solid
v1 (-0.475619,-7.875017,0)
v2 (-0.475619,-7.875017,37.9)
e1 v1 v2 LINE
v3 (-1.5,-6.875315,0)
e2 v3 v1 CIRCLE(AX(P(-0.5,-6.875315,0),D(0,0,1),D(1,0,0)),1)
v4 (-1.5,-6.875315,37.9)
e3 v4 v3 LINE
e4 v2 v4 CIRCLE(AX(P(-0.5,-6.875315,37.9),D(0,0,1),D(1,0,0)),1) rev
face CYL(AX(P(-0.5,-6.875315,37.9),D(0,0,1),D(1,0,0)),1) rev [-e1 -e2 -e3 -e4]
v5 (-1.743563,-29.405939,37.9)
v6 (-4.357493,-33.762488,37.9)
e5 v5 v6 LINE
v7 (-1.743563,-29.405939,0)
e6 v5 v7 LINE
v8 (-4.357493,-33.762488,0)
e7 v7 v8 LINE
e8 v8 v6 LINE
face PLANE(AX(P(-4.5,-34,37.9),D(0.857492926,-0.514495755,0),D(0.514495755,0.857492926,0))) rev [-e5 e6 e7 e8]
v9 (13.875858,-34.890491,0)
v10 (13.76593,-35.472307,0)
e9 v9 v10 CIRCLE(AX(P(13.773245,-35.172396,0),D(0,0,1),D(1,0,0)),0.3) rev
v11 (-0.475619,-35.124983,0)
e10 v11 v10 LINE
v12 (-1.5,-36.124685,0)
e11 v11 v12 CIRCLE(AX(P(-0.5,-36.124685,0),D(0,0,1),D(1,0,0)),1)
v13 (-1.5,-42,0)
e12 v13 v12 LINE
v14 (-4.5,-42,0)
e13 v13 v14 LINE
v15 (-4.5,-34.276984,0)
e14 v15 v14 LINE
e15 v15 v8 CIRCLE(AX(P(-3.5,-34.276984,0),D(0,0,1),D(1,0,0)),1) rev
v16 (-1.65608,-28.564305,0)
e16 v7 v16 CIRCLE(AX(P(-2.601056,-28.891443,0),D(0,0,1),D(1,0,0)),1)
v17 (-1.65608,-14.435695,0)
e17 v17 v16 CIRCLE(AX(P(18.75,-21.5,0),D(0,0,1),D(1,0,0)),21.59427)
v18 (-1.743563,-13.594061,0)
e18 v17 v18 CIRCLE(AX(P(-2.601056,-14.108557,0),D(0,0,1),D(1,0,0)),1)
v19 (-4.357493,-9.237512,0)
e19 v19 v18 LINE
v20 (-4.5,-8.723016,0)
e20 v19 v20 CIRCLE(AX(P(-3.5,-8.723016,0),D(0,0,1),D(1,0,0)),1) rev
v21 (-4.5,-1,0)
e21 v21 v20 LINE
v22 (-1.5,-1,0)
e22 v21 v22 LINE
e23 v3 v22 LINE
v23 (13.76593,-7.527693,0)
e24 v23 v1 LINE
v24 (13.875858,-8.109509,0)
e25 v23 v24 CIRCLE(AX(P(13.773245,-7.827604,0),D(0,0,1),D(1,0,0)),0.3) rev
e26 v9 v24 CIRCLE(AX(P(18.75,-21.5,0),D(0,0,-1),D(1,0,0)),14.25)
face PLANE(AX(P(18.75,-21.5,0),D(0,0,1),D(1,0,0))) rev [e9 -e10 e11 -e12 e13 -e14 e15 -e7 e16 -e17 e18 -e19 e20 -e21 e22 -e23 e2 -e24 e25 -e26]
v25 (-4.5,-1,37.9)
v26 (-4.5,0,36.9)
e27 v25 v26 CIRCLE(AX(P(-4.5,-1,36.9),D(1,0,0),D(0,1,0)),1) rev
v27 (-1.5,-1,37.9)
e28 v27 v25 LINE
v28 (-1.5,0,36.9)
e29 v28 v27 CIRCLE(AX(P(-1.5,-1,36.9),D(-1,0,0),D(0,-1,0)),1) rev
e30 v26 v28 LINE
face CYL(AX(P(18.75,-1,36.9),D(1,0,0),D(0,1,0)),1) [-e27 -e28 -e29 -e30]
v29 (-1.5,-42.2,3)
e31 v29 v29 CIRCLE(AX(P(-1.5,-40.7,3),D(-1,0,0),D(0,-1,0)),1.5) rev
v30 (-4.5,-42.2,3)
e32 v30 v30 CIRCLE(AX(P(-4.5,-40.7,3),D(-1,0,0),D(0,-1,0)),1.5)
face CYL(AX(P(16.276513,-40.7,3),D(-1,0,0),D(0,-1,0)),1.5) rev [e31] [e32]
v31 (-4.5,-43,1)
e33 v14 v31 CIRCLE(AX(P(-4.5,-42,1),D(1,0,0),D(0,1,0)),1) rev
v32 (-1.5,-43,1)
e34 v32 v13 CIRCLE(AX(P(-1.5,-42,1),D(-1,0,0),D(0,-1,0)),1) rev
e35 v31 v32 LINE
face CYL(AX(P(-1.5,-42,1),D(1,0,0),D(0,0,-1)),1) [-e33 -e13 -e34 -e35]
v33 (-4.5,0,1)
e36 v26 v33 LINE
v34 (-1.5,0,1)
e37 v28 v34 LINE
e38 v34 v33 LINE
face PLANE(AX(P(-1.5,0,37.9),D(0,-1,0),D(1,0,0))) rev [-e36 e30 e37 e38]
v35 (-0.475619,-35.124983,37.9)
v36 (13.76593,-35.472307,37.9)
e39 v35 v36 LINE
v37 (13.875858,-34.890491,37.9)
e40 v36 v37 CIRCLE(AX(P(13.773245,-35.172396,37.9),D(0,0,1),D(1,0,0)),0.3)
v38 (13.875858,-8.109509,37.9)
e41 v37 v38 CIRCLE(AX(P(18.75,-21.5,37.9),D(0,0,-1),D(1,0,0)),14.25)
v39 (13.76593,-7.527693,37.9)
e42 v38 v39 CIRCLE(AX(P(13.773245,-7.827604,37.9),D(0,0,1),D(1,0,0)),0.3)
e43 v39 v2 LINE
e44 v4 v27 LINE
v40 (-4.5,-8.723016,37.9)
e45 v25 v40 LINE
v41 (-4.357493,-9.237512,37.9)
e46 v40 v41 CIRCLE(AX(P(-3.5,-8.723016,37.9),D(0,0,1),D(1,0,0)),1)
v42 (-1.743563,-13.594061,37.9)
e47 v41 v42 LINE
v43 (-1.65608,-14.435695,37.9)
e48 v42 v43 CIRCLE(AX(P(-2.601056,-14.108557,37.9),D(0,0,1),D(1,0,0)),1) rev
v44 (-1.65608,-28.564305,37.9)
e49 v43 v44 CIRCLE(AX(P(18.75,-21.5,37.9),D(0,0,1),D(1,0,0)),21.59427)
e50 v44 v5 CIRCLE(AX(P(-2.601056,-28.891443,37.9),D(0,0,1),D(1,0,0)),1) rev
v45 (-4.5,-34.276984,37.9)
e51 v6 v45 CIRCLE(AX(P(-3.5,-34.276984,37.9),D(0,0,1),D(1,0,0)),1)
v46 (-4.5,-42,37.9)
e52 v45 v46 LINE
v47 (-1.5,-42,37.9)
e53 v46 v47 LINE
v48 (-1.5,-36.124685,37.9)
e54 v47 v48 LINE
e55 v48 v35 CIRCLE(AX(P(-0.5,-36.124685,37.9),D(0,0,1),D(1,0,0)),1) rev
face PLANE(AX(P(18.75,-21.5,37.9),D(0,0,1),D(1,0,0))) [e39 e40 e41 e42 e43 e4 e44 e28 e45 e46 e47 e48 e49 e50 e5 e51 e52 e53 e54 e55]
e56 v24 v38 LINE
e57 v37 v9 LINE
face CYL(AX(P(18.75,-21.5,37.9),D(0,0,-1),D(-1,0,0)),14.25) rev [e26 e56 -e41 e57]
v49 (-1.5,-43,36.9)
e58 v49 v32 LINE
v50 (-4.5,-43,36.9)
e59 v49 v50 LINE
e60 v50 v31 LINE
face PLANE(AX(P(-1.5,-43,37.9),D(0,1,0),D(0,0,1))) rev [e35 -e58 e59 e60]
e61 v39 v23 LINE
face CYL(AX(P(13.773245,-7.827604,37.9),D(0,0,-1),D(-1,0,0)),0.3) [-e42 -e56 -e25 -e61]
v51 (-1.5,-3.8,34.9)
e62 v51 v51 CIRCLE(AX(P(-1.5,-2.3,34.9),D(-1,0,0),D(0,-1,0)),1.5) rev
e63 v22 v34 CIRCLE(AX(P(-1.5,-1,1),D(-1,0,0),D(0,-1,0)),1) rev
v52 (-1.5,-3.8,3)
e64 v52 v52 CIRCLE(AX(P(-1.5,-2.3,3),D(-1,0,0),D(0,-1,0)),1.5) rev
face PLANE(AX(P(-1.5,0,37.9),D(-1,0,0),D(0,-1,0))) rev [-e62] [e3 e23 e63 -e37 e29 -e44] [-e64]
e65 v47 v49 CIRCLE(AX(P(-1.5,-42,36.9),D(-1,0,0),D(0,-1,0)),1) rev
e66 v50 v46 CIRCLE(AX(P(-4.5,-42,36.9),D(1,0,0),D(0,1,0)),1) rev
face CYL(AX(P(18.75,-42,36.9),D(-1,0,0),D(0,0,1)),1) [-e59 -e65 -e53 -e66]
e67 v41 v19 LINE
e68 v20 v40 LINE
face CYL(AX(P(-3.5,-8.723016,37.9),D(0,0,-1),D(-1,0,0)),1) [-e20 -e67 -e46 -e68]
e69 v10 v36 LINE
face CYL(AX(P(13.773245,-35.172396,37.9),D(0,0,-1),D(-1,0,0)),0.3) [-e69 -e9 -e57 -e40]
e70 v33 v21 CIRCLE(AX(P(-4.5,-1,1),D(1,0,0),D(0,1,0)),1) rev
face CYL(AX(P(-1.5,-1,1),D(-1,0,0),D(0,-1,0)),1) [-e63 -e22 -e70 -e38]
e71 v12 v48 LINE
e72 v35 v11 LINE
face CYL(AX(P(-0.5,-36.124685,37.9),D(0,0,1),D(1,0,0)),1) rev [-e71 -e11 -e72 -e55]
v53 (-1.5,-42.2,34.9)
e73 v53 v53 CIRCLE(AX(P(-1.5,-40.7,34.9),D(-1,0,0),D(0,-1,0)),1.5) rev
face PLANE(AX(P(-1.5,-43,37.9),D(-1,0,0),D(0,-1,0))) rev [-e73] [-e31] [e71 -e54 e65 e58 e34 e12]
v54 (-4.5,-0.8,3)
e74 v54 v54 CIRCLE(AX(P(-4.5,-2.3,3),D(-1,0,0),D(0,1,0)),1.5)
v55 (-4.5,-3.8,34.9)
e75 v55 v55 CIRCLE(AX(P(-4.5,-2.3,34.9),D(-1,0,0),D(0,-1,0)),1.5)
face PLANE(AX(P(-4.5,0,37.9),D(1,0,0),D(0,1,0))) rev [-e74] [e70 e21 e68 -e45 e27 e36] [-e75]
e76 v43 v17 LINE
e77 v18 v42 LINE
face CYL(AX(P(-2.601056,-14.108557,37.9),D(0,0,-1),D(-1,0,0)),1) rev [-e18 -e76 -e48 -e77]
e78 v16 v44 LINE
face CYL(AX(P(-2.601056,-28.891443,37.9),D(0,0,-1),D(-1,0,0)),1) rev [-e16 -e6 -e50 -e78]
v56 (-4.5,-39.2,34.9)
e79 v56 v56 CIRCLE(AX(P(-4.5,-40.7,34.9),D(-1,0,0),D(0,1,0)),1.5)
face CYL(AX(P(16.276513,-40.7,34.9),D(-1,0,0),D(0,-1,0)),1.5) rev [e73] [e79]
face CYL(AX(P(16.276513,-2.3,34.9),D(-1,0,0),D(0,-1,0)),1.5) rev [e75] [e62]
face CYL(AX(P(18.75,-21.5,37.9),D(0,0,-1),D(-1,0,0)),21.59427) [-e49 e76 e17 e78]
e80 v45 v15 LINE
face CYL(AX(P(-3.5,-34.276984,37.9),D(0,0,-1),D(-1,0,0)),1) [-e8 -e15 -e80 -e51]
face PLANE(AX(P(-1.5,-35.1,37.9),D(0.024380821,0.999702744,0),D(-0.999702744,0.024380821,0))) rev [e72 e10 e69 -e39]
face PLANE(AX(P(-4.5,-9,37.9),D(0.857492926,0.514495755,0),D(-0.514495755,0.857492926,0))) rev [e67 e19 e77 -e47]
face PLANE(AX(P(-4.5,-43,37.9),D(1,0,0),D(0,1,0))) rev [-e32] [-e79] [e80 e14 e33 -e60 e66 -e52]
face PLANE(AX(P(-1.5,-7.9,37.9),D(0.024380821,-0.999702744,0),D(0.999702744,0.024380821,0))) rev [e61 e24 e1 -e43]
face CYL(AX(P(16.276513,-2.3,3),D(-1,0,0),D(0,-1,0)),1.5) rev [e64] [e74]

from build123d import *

# Parameters (mm, degrees)
EXTRUDE_1_DEPTH     = 37.9
CUT_EXTRUDE_1_REACH = 62.967
SKETCH_4_R          = 1.5
FILLET_1_R          = 0.3
FILLET_2_R          = 1


with BuildPart() as part:
    # 草图3 → 凸台-拉伸1 (new body)
    with BuildSketch(Plane.XY):
        with BuildLine():
            Line((-1.5, 0), (-4.5, 0))
            Line((-4.5, 0), (-4.5, -9))
            Line((-4.5, -9), (-1.5, -14))
            ThreePointArc((-1.5, -14), (-2.844270073, -21.5), (-1.5, -29))
            Line((-1.5, -29), (-4.5, -34))
            Line((-4.5, -34), (-4.5, -43))
            Line((-4.5, -43), (-1.5, -43))
            Line((-1.5, -43), (-1.5, -35.1))
            Line((-1.5, -35.1), (16.275513468, -35.53351048))
            ThreePointArc((16.275513468, -35.53351048), (4.5, -21.5), (16.275513468, -7.46648952))
            Line((16.275513468, -7.46648952), (-1.5, -7.9))
            Line((-1.5, -7.9), (-1.5, 0))
        make_face()
    extrude(amount=EXTRUDE_1_DEPTH)

    # 草图4 → 切除-拉伸1 (cut, up to next)
    with BuildSketch(Plane.ZY.offset(4.5), mode=Mode.PRIVATE) as cut_extrude_1_sk1:
        with Locations(Location((3, -40.7, 0), (0, 0, 270))):
            Circle(SKETCH_4_R)
    cut_extrude_1_tool1 = extrude(cut_extrude_1_sk1.sketch, amount=-CUT_EXTRUDE_1_REACH, mode=Mode.PRIVATE) & part.part
    # 草图4 → 切除-拉伸1 (cut, up to next)
    with BuildSketch(Plane.ZY.offset(4.5), mode=Mode.PRIVATE) as cut_extrude_1_sk2:
        with Locations(Location((34.9, -40.7, 0), (0, 0, 270))):
            Circle(SKETCH_4_R)
    cut_extrude_1_tool2 = extrude(cut_extrude_1_sk2.sketch, amount=-CUT_EXTRUDE_1_REACH, mode=Mode.PRIVATE) & part.part
    # 草图4 → 切除-拉伸1 (cut, up to next)
    with BuildSketch(Plane.ZY.offset(4.5), mode=Mode.PRIVATE) as cut_extrude_1_sk3:
        with Locations(Location((3, -2.3, 0), (0, 0, 270))):
            Circle(SKETCH_4_R)
    cut_extrude_1_tool3 = extrude(cut_extrude_1_sk3.sketch, amount=-CUT_EXTRUDE_1_REACH, mode=Mode.PRIVATE) & part.part
    # 草图4 → 切除-拉伸1 (cut, up to next)
    with BuildSketch(Plane.ZY.offset(4.5), mode=Mode.PRIVATE) as cut_extrude_1_sk4:
        with Locations(Location((34.9, -2.3, 0), (0, 0, 270))):
            Circle(SKETCH_4_R)
    cut_extrude_1_tool4 = extrude(cut_extrude_1_sk4.sketch, amount=-CUT_EXTRUDE_1_REACH, mode=Mode.PRIVATE) & part.part
    add(cut_extrude_1_tool1.solids().sort_by_distance((-4.5, -40.7, 3))[0], mode=Mode.SUBTRACT)
    add(cut_extrude_1_tool2.solids().sort_by_distance((-4.5, -40.7, 34.9))[0], mode=Mode.SUBTRACT)
    add(cut_extrude_1_tool3.solids().sort_by_distance((-4.5, -2.3, 3))[0], mode=Mode.SUBTRACT)
    add(cut_extrude_1_tool4.solids().sort_by_distance((-4.5, -2.3, 34.9))[0], mode=Mode.SUBTRACT)

    # 圆角1
    fillet_1_edges = [part.edges().sort_by_distance(p)[0] for p in [
        (16.275513468, -35.53351048, 18.95),
        (16.275513468, -7.46648952, 18.95),
    ]]
    fillet(fillet_1_edges, radius=FILLET_1_R)

    # 圆角2
    fillet_2_edges = [part.edges().sort_by_distance(p)[0] for p in [
        (-3, -43, 0),
        (-3, 0, 0),
        (-3, 0, 37.9),
        (-1.5, -35.1, 18.95),
        (-4.5, -34, 18.95),
        (-1.5, -29, 18.95),
        (-1.5, -14, 18.95),
        (-4.5, -9, 18.95),
        (-1.5, -7.9, 18.95),
        (-3, -43, 37.9),
    ]]
    fillet(fillet_2_edges, radius=FILLET_2_R)


solid = part.part
